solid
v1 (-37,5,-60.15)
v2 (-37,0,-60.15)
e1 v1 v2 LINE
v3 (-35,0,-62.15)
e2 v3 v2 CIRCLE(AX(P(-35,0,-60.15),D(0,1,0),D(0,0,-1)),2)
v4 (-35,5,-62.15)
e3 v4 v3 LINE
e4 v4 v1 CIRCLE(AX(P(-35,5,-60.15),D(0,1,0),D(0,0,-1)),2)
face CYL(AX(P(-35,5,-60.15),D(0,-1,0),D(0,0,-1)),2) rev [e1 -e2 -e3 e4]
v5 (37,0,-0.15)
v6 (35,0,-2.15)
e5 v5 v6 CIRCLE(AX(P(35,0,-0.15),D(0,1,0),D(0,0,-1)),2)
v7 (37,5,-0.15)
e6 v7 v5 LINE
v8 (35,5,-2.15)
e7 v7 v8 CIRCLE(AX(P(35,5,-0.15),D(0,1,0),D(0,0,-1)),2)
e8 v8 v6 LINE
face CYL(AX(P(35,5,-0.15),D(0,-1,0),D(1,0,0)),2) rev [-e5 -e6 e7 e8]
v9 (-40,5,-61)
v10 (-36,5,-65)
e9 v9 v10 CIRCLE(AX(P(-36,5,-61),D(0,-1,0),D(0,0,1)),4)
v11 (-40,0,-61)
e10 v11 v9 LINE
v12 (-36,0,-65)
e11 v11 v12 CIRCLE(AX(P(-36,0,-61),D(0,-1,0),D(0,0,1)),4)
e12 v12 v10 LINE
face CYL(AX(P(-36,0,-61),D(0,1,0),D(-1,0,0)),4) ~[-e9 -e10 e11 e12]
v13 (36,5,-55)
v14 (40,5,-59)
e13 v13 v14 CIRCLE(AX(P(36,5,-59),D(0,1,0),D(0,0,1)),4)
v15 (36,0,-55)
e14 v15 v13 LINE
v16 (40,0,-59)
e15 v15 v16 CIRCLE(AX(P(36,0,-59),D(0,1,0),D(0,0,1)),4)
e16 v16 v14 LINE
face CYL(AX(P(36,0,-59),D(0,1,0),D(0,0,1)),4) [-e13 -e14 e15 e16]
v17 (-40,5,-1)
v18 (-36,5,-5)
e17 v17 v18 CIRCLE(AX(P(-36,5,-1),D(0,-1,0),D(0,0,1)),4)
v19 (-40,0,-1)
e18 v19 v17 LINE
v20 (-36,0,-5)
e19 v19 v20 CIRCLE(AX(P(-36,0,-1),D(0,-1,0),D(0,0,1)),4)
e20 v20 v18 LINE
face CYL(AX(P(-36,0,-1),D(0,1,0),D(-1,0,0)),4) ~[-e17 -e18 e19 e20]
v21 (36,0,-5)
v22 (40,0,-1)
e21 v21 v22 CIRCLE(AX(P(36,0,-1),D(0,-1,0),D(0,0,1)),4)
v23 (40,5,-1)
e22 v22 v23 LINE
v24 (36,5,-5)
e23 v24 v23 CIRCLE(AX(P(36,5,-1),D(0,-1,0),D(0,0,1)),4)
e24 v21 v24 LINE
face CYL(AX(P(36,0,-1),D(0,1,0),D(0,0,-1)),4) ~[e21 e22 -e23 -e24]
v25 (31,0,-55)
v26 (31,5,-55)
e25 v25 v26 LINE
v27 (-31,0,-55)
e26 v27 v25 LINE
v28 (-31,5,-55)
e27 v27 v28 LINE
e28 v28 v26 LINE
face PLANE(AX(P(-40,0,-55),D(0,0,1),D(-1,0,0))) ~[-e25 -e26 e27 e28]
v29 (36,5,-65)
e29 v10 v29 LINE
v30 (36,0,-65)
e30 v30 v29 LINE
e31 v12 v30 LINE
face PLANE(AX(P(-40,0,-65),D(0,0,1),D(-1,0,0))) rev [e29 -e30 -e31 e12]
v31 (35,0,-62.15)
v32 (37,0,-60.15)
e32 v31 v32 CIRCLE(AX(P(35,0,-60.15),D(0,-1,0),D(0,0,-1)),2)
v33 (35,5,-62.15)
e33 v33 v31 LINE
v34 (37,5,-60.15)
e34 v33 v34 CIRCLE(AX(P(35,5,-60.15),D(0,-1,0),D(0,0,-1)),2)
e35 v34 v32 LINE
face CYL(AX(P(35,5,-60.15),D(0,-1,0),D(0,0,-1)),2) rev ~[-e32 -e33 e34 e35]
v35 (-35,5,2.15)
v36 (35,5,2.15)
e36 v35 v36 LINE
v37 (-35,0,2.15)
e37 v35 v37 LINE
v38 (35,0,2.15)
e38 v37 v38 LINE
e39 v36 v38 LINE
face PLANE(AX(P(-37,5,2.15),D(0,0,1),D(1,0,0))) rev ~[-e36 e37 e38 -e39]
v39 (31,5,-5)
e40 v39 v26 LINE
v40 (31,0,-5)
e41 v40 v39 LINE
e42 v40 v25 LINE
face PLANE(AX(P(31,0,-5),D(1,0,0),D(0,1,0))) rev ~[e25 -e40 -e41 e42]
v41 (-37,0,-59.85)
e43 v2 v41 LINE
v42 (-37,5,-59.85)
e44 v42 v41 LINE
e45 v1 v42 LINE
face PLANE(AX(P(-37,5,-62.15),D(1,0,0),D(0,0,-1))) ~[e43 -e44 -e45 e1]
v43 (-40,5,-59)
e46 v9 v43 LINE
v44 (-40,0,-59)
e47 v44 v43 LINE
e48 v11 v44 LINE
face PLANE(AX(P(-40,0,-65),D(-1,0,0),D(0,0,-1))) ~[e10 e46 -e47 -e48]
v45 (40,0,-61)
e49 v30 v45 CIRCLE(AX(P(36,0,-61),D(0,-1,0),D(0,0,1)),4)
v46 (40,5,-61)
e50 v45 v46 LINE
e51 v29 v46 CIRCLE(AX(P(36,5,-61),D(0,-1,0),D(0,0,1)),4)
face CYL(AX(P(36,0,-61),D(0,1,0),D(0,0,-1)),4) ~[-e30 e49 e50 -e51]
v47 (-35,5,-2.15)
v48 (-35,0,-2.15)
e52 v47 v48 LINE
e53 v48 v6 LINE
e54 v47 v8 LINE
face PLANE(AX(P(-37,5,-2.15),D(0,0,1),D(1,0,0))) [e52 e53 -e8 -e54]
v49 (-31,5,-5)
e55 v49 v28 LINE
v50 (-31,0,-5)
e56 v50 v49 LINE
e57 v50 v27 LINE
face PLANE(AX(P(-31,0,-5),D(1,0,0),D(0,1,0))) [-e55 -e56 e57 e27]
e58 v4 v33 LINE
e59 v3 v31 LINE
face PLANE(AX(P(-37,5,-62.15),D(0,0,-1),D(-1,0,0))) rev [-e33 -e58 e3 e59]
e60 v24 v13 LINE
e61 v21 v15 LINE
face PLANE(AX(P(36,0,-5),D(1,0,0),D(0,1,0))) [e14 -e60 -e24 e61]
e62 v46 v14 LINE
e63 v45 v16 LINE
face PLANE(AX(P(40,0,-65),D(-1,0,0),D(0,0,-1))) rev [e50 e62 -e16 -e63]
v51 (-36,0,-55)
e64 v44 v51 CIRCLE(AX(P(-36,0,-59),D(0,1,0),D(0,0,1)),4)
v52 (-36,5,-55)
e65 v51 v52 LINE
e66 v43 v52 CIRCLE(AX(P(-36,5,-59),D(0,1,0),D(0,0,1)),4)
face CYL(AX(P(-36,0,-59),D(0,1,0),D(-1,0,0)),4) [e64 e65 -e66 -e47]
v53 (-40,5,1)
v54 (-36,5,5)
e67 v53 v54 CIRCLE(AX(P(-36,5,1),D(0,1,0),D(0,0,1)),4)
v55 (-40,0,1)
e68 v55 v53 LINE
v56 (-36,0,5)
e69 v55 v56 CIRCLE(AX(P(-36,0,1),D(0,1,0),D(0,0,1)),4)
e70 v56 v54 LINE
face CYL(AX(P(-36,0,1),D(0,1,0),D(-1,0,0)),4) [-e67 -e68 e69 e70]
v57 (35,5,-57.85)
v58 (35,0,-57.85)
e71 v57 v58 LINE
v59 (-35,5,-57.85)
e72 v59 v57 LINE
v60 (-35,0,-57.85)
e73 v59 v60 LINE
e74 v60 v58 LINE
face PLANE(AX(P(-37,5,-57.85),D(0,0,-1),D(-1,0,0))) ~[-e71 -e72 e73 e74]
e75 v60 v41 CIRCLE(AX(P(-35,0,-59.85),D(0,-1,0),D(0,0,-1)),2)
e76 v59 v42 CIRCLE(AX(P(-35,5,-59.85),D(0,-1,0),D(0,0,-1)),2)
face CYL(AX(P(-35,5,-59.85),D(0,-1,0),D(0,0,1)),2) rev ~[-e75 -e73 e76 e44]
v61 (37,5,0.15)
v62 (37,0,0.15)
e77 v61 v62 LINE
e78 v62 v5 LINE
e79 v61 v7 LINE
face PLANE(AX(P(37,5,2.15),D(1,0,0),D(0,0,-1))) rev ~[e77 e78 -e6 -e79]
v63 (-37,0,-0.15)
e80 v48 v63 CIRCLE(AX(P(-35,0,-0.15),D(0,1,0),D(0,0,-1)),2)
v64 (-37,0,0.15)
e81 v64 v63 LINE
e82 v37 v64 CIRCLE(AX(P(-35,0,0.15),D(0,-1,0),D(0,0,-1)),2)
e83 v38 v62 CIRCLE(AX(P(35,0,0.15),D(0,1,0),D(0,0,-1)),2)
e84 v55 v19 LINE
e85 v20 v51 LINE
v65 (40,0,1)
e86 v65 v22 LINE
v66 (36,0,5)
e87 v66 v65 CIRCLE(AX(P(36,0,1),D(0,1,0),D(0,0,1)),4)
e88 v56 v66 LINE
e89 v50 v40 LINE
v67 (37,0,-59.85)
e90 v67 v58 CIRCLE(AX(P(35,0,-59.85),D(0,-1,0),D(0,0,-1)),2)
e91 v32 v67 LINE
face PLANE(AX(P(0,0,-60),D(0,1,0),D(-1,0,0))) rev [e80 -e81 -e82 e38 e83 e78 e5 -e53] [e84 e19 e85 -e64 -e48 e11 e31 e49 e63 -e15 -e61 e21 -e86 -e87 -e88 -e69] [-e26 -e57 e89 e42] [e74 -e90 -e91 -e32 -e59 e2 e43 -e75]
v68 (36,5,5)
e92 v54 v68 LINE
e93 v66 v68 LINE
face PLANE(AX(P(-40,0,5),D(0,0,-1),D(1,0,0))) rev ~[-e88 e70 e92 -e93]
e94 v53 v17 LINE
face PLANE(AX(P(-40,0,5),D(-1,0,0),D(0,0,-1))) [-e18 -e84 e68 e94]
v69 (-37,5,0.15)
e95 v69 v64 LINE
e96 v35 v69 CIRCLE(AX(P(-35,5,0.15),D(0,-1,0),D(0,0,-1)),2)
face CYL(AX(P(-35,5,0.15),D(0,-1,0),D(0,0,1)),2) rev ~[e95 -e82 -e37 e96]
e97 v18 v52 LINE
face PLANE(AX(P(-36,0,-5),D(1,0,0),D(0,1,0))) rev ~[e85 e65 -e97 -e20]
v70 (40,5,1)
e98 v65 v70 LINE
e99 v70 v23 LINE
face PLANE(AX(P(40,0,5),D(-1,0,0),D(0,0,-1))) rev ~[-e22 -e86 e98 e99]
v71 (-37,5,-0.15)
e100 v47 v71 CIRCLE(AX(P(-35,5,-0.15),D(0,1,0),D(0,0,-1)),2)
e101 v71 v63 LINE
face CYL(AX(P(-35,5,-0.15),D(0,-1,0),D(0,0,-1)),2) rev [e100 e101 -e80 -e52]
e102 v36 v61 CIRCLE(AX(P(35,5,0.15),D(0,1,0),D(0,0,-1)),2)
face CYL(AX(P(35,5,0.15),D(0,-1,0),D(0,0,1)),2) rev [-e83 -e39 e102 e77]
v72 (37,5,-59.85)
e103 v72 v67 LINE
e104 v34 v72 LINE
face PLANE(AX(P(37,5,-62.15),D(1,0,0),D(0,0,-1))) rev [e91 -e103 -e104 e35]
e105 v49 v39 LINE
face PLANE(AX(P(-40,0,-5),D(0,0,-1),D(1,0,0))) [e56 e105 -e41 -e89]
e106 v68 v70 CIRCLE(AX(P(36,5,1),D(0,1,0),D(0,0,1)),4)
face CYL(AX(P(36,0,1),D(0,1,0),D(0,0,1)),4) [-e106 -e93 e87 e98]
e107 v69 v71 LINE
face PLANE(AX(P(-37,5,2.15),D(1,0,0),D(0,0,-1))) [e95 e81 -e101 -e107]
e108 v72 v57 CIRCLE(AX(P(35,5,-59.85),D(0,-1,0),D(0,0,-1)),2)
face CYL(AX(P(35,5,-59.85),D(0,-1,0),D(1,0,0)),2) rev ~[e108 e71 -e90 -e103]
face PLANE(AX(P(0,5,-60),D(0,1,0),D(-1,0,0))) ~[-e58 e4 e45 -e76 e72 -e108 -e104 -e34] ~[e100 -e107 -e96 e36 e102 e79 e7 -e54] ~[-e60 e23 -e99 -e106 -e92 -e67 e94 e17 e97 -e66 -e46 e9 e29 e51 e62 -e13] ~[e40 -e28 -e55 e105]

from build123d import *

# Parameters (mm, degrees)
SKETCH1_W            = 80
SKETCH1_H            = 10
BOSS_EXTRUDE1_DEPTH  = 5
SKETCH2_W            = 74
SKETCH2_H            = 4.3
CUT_EXTRUDE1_DEPTH   = 5
FILLET1_R            = 4
FILLET2_R            = 2
SKETCH3_W            = 5
SKETCH3_H            = 5
BOSS_EXTRUDE2_DEPTH  = 50
FILLET1_OF_MIRROR1_R = 4
FILLET2_OF_MIRROR1_R = 2


with BuildPart() as part:
    # Sketch1 → Boss-Extrude1 (new body)
    with BuildSketch(Plane(origin=(0, 0, 0), x_dir=(1, 0, 0), z_dir=(0, 1, 0))):
        Rectangle(SKETCH1_W, SKETCH1_H)
    boss_extrude1 = extrude(amount=BOSS_EXTRUDE1_DEPTH)

    # Sketch2 → Cut-Extrude1 (cut)
    with BuildSketch(Plane(origin=(0, 5, 0), x_dir=(1, 0, 0), z_dir=(0, 1, 0))):
        Rectangle(SKETCH2_W, SKETCH2_H)
    cut_extrude1 = extrude(amount=-CUT_EXTRUDE1_DEPTH, mode=Mode.SUBTRACT)

    # Fillet1
    fillet1_edges = [part.edges().sort_by_distance(p)[0] for p in [
        (40, 2.5, 5),
        (-40, 2.5, 5),
        (-40, 2.5, -5),
        (40, 2.5, -5),
    ]]
    fillet(fillet1_edges, radius=FILLET1_R)

    # Fillet2
    fillet2_edges = [part.edges().sort_by_distance(p)[0] for p in [
        (37, 2.5, -2.15),
        (37, 2.5, 2.15),
        (-37, 2.5, 2.15),
        (-37, 2.5, -2.15),
    ]]
    fillet(fillet2_edges, radius=FILLET2_R)

    # Sketch3 → Boss-Extrude2 (add)
    with BuildSketch(Plane(origin=(0, 0, -5), x_dir=(-1, 0, 0), z_dir=(0, 0, -1))):
        with Locations((-33.5, 2.5)):
            Rectangle(SKETCH3_W, SKETCH3_H)
        with Locations((33.5, 2.5)):
            Rectangle(SKETCH3_W, SKETCH3_H)
    extrude(amount=BOSS_EXTRUDE2_DEPTH)


with BuildPart() as mirror1_1:
    # Mirror1: Boss-Extrude1 across plane
    add(boss_extrude1.mirror(Plane(origin=(0, 0, -30), x_dir=(1, 0, 0), z_dir=(0, 0, -1))))

    # Mirror1 2: Cut-Extrude1 across plane
    add(cut_extrude1.mirror(Plane(origin=(0, 0, -30), x_dir=(1, 0, 0), z_dir=(0, 0, -1))), mode=Mode.SUBTRACT)

    # Fillet1 of Mirror1
    fillet1_of_mirror1_edges = [mirror1_1.edges().sort_by_distance(p)[0] for p in [
        (40, 2.5, -65),
        (-40, 2.5, -65),
        (-40, 2.5, -55),
        (40, 2.5, -55),
    ]]
    fillet(fillet1_of_mirror1_edges, radius=FILLET1_OF_MIRROR1_R)

    # Fillet2 of Mirror1
    fillet2_of_mirror1_edges = [mirror1_1.edges().sort_by_distance(p)[0] for p in [
        (37, 2.5, -57.85),
        (37, 2.5, -62.15),
        (-37, 2.5, -62.15),
        (-37, 2.5, -57.85),
    ]]
    fillet(fillet2_of_mirror1_edges, radius=FILLET2_OF_MIRROR1_R)


with BuildPart() as part_1:
    add(part.part)

    # Mirror1 united with what the copies touc: union Mirror1_1
    add(mirror1_1.part)


solid = part_1.part
